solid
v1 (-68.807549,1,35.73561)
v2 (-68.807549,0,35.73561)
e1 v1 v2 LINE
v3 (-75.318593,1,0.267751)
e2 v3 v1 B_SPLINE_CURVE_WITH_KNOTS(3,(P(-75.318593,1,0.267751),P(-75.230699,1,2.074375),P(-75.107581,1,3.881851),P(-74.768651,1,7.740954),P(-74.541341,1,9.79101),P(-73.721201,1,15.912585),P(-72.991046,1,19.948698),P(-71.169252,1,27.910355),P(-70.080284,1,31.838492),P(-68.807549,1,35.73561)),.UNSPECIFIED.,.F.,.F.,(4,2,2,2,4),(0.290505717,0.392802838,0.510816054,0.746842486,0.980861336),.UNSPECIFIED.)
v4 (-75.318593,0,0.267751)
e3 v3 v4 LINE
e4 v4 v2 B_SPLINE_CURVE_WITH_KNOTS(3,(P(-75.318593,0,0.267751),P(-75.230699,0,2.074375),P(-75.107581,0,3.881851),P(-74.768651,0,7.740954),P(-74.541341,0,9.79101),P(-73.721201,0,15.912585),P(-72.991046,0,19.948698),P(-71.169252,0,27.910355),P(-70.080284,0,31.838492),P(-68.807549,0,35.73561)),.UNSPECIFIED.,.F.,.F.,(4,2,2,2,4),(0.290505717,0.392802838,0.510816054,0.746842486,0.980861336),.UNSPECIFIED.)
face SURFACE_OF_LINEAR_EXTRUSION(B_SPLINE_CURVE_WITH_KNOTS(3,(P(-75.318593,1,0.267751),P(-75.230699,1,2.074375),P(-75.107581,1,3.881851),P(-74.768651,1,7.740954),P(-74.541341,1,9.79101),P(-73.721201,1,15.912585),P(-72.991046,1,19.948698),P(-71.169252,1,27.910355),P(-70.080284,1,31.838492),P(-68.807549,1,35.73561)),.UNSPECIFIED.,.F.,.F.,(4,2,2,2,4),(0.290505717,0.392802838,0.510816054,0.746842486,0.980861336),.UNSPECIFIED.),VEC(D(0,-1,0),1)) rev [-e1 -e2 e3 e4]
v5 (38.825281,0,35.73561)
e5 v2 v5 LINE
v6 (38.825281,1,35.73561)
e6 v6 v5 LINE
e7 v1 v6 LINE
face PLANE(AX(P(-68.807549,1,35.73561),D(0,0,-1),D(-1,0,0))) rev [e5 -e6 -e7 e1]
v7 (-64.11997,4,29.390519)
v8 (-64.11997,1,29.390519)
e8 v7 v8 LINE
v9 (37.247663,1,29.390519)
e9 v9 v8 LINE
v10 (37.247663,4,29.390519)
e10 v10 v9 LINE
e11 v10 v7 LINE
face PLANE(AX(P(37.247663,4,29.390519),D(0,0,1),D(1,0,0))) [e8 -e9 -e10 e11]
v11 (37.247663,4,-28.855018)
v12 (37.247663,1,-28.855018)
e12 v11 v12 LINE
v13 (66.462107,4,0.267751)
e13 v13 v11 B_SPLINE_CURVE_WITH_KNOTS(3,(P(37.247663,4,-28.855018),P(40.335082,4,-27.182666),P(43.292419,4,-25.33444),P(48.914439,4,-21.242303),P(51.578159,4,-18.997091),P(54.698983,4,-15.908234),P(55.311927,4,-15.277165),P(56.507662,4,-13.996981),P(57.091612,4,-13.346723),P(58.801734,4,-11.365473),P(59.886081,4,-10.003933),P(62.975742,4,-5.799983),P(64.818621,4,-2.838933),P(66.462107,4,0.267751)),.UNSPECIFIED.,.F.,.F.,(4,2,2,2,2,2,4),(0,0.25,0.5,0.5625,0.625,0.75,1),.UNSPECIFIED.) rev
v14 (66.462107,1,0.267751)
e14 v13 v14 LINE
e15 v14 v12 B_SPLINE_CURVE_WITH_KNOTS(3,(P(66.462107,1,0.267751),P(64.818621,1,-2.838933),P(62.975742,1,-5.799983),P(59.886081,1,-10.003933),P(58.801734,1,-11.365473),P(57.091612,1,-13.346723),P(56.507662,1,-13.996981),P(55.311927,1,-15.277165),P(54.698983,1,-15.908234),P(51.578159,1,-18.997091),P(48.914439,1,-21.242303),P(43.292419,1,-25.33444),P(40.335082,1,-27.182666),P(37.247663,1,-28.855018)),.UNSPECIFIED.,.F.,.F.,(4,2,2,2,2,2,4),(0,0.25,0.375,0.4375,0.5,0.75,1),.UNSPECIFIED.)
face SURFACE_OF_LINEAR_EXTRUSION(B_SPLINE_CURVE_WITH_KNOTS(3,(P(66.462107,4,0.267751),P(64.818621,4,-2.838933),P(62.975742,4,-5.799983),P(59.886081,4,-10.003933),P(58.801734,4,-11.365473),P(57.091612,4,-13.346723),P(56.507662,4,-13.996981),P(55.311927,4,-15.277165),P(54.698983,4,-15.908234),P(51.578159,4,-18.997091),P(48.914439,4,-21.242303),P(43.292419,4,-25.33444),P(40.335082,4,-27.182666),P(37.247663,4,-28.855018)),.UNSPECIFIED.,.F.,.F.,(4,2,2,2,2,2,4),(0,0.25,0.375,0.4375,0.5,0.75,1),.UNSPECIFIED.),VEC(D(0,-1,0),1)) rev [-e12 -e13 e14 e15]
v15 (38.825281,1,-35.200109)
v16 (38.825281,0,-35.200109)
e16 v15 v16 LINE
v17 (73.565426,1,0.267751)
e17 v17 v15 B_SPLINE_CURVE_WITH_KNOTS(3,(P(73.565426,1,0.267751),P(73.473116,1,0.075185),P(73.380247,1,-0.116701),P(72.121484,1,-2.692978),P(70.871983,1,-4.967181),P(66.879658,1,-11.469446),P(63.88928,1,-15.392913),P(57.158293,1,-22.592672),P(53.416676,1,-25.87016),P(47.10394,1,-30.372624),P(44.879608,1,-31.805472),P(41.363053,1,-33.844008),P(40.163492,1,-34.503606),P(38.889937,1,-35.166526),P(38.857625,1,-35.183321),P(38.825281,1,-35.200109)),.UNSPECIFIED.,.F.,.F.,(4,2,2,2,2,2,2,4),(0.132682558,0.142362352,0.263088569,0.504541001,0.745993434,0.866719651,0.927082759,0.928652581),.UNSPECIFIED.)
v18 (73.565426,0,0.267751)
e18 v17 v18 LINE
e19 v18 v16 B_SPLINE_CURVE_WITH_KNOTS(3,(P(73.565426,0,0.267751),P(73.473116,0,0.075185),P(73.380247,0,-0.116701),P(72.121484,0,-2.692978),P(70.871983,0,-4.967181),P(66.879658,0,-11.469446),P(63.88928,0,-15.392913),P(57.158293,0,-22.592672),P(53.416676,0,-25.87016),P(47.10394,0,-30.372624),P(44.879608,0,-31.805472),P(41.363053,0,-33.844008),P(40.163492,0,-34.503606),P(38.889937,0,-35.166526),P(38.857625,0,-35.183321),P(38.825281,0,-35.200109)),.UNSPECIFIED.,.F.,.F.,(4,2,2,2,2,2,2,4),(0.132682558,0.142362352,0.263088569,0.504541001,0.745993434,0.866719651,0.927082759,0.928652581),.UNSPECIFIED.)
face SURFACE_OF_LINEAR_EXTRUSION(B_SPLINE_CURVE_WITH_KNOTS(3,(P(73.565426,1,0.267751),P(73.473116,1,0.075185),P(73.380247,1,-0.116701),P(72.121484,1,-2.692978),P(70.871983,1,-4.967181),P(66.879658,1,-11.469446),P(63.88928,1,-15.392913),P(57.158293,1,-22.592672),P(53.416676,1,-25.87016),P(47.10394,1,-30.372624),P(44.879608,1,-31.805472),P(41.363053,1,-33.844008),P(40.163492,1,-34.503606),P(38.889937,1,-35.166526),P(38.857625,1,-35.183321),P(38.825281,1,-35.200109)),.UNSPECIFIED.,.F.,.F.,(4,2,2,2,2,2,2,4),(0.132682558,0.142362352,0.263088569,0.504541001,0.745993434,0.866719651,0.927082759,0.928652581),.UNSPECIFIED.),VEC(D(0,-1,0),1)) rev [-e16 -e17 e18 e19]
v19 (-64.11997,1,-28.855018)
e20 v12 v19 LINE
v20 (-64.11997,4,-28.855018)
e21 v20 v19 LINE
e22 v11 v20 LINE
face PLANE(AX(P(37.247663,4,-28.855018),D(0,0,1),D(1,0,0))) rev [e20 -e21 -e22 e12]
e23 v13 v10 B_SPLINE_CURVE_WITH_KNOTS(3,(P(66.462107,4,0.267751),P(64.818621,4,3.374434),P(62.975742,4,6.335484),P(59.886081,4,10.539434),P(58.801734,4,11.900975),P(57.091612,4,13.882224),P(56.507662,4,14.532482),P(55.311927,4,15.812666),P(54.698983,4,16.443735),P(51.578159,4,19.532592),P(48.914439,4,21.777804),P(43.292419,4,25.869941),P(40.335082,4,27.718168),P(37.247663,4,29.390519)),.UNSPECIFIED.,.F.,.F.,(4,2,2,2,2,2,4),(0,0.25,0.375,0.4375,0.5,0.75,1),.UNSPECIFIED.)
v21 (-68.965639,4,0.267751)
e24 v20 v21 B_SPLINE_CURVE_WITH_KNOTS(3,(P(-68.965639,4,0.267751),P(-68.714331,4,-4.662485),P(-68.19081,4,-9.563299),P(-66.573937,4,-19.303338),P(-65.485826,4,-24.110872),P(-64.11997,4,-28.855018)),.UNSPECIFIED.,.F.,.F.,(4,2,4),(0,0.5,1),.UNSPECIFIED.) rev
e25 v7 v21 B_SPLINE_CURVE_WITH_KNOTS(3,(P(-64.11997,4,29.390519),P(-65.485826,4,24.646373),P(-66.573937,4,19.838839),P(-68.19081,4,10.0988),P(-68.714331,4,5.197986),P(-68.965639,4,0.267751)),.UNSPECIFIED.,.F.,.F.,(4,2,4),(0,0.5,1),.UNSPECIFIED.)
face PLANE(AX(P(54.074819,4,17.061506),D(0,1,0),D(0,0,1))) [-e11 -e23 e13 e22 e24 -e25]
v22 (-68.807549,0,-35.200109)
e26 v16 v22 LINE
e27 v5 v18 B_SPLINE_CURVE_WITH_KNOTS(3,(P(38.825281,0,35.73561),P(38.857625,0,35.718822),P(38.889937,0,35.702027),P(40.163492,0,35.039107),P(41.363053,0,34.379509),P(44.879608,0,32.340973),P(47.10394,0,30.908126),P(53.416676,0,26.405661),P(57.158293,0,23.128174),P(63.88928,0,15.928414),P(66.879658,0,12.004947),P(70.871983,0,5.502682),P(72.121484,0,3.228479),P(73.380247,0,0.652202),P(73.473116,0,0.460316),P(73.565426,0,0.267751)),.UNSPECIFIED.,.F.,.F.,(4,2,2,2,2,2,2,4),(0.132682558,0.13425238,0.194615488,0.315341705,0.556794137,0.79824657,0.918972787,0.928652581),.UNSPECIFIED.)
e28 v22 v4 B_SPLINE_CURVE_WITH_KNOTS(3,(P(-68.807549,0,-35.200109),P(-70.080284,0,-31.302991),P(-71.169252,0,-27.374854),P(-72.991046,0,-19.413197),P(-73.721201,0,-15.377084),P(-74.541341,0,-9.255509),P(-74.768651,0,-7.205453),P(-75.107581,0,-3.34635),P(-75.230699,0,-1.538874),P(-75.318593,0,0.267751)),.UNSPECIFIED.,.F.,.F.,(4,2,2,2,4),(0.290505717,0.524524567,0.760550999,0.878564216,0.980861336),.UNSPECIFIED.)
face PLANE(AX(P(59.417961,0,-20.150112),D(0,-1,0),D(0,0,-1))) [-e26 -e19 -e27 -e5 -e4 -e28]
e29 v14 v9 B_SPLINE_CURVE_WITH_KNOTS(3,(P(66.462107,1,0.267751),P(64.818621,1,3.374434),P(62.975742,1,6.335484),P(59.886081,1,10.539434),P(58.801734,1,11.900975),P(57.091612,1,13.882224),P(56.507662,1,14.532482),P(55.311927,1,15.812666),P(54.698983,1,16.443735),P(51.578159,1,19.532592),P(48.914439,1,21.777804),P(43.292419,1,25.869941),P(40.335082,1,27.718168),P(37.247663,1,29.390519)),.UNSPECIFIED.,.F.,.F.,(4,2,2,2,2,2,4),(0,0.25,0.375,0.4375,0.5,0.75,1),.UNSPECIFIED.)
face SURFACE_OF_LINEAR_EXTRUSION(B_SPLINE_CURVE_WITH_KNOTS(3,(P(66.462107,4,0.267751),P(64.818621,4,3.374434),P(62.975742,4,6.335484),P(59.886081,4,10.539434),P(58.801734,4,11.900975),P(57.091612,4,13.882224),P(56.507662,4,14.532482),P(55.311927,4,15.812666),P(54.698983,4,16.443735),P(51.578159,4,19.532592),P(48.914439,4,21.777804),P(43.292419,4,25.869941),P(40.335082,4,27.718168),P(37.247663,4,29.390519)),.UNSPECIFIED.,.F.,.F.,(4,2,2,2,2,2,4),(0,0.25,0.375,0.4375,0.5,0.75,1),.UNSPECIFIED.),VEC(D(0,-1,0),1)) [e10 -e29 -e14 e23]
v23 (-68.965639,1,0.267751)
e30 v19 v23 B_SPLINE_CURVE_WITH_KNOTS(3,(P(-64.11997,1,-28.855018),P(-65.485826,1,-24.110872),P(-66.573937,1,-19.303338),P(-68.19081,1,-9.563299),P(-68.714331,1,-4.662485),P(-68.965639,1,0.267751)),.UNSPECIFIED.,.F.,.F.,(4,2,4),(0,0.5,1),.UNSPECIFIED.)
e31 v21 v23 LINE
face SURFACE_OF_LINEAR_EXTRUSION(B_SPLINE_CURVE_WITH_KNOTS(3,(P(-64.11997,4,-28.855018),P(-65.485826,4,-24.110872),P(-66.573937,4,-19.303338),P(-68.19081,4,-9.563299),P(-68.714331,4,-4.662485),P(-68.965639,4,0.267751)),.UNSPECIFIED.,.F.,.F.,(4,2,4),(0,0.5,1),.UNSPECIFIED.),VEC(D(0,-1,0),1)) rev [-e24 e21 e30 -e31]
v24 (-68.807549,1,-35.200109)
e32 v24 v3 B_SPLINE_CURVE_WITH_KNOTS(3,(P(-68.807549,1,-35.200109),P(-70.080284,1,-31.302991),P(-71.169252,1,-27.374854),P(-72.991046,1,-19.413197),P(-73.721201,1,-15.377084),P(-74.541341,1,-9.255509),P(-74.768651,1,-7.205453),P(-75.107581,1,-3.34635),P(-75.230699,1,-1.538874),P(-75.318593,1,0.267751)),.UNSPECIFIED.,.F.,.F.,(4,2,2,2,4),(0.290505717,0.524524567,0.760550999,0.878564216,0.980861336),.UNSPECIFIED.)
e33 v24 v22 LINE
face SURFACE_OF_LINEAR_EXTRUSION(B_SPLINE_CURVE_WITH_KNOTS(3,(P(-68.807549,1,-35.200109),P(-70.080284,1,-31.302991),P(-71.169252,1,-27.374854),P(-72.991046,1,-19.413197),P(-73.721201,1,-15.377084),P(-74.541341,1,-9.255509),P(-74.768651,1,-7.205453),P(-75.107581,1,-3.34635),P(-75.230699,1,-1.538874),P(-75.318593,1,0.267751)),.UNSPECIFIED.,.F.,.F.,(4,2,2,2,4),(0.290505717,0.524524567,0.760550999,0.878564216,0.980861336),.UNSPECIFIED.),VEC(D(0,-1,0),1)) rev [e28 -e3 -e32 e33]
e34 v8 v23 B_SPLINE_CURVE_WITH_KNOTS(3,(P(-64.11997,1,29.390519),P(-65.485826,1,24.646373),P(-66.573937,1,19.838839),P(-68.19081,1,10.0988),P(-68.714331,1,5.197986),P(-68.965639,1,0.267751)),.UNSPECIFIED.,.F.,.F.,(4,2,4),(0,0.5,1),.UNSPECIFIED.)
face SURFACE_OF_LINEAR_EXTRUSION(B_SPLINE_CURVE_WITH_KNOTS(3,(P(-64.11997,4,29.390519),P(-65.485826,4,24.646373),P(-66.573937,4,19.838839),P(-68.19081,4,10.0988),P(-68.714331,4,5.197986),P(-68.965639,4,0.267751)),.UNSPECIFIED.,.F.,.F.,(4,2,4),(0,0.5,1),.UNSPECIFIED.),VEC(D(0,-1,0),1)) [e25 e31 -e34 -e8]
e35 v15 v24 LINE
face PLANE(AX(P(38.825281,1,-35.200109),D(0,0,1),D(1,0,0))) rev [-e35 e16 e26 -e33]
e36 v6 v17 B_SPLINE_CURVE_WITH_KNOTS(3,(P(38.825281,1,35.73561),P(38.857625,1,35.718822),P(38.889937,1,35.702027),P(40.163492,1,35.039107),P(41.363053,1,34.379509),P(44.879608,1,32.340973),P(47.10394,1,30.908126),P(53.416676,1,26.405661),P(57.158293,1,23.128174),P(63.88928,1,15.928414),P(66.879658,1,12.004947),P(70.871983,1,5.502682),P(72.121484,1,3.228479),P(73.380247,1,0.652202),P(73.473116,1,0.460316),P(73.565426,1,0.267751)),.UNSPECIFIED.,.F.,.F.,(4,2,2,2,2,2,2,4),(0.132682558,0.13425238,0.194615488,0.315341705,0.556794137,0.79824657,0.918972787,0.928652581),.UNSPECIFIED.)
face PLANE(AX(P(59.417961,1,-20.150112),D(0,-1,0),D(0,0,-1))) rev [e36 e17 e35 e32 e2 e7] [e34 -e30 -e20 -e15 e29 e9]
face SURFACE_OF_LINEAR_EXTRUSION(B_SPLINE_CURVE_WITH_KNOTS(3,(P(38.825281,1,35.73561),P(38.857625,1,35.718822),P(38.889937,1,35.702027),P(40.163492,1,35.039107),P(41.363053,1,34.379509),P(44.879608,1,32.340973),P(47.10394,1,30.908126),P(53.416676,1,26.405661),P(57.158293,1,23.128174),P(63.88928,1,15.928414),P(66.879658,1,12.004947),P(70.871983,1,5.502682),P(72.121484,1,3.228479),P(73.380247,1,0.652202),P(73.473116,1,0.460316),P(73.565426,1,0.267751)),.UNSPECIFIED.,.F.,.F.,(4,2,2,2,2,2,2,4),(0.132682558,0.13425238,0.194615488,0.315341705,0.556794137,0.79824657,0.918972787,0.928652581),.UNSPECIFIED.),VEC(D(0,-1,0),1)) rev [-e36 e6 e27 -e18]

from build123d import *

# Parameters (mm, degrees)
SALIENTE_EXTRUIR4_DEPTH = 1
SALIENTE_EXTRUIR5_DEPTH = 4


with BuildPart() as part:
    # Croquis1 → Saliente-Extruir4 (new body)
    with BuildSketch(Plane(origin=(0, 0, 0), x_dir=(1, 0, 0), z_dir=(0, 1, 0))):
        with BuildLine():
            Line((-68.807549393, -35.735609902), (38.825281278, -35.735609902))
            add(Edge.make_bspline(
                [(38.825281278, -35.735609902), (38.857624552, -35.718822416), (38.889937105, -35.702026903), (40.163492425, -35.039106907), (41.363053394, -34.379508835), (44.879608288, -32.340972971), (47.103940203, -30.908125592), (53.416675645, -26.4056608), (57.158292578, -23.128173527), (63.889280185, -15.928414127), (66.879657947, -12.004947025), (70.871982915, -5.502682168), (72.121484201, -3.228479298), (73.380247303, -0.652201666), (73.473116384, -0.460315749), (73.565425725, -0.267750564)],
                knots=[0.132682558, 0.132682558, 0.132682558, 0.132682558, 0.13425238, 0.13425238, 0.194615488, 0.194615488, 0.315341705, 0.315341705, 0.556794137, 0.556794137, 0.79824657, 0.79824657, 0.918972787, 0.918972787, 0.928652581, 0.928652581, 0.928652581, 0.928652581], degree=3))
            add(Edge.make_bspline(
                [(73.565425725, -0.267750564), (73.473116384, -0.07518538), (73.380247303, 0.116700538), (72.121484201, 2.692978169), (70.871982915, 4.967181039), (66.879657947, 11.469445896), (63.889280185, 15.392912998), (57.158292578, 22.592672399), (53.416675646, 25.870159671), (47.103940203, 30.372624464), (44.879608287, 31.805471842), (41.363053394, 33.844007706), (40.163492425, 34.503605779), (38.889937105, 35.166525774), (38.857624552, 35.183321288), (38.825281278, 35.200108773)],
                knots=[0.132682558, 0.132682558, 0.132682558, 0.132682558, 0.142362352, 0.142362352, 0.263088569, 0.263088569, 0.504541001, 0.504541001, 0.745993434, 0.745993434, 0.866719651, 0.866719651, 0.927082759, 0.927082759, 0.928652581, 0.928652581, 0.928652581, 0.928652581], degree=3))
            Line((38.825281278, 35.200108773), (-68.807549393, 35.200108773))
            add(Edge.make_bspline(
                [(-68.807549393, 35.200108773), (-70.080284046, 31.302990951), (-71.169252334, 27.374853959), (-72.991045883, 19.413196683), (-73.721201284, 15.377083685), (-74.541341264, 9.255508785), (-74.768651118, 7.205452815), (-75.107581304, 3.346349854), (-75.230698844, 1.538874232), (-75.318593087, -0.267750565)],
                knots=[0.290505717, 0.290505717, 0.290505717, 0.290505717, 0.524524567, 0.524524567, 0.760550999, 0.760550999, 0.878564216, 0.878564216, 0.980861336, 0.980861336, 0.980861336, 0.980861336], degree=3))
            add(Edge.make_bspline(
                [(-75.318593087, -0.267750565), (-75.230698844, -2.074375361), (-75.107581304, -3.881850983), (-74.768651118, -7.740953944), (-74.541341264, -9.791009913), (-73.721201284, -15.912584814), (-72.991045883, -19.948697811), (-71.169252334, -27.910355088), (-70.080284046, -31.838492079), (-68.807549393, -35.735609902)],
                knots=[0.290505717, 0.290505717, 0.290505717, 0.290505717, 0.392802838, 0.392802838, 0.510816054, 0.510816054, 0.746842486, 0.746842486, 0.980861336, 0.980861336, 0.980861336, 0.980861336], degree=3))
        make_face()
    extrude(amount=SALIENTE_EXTRUIR4_DEPTH)

    # Croquis4 → Saliente-Extruir5 (add)
    with BuildSketch(Plane(origin=(0, 0, 0), x_dir=(1, 0, 0), z_dir=(0, 1, 0))):
        with BuildLine():
            Line((37.247663382, 28.855017698), (-64.119969997, 28.855017698))
            add(Edge.make_bspline(
                [(-64.119969997, 28.855017698), (-65.485825703, 24.110871923), (-66.573936798, 19.303338214), (-68.190809552, 9.563299345), (-68.714330818, 4.66248528), (-68.96563874, -0.267750565)],
                knots=[0, 0, 0, 0, 0.5, 0.5, 1, 1, 1, 1], degree=3))
            add(Edge.make_bspline(
                [(-64.119969997, -29.390518826), (-65.485825703, -24.646373051), (-66.573936798, -19.838839342), (-68.190809552, -10.098800474), (-68.714330818, -5.197986409), (-68.96563874, -0.267750565)],
                knots=[0, 0, 0, 0, 0.5, 0.5, 1, 1, 1, 1], degree=3))
            Line((-64.119969997, -29.390518826), (37.247663382, -29.390518826))
            add(Edge.make_bspline(
                [(66.462106503, -0.267750564), (64.818621385, -3.374433842), (62.975742409, -6.335483667), (59.886080558, -10.539433832), (58.80173399, -11.900974536), (57.091612362, -13.882224457), (56.507662174, -14.532481759), (55.311926642, -15.812666099), (54.698983392, -16.443734837), (51.578159003, -19.532591798), (48.914439134, -21.777803713), (43.292419218, -25.869940939), (40.335081649, -27.71816757), (37.247663382, -29.390518826)],
                knots=[0, 0, 0, 0, 0.25, 0.25, 0.375, 0.375, 0.4375, 0.4375, 0.5, 0.5, 0.75, 0.75, 1, 1, 1, 1], degree=3))
            add(Edge.make_bspline(
                [(66.462106503, -0.267750564), (64.818621385, 2.838932714), (62.975742409, 5.799982539), (59.886080558, 10.003932703), (58.80173399, 11.365473408), (57.091612362, 13.346723328), (56.507662174, 13.996980631), (55.311926642, 15.277164971), (54.698983392, 15.908233708), (51.578159003, 18.99709067), (48.914439134, 21.242302584), (43.292419218, 25.334439811), (40.335081649, 27.182666442), (37.247663382, 28.855017698)],
                knots=[0, 0, 0, 0, 0.25, 0.25, 0.375, 0.375, 0.4375, 0.4375, 0.5, 0.5, 0.75, 0.75, 1, 1, 1, 1], degree=3))
        make_face()
    extrude(amount=SALIENTE_EXTRUIR5_DEPTH)


solid = part.part
